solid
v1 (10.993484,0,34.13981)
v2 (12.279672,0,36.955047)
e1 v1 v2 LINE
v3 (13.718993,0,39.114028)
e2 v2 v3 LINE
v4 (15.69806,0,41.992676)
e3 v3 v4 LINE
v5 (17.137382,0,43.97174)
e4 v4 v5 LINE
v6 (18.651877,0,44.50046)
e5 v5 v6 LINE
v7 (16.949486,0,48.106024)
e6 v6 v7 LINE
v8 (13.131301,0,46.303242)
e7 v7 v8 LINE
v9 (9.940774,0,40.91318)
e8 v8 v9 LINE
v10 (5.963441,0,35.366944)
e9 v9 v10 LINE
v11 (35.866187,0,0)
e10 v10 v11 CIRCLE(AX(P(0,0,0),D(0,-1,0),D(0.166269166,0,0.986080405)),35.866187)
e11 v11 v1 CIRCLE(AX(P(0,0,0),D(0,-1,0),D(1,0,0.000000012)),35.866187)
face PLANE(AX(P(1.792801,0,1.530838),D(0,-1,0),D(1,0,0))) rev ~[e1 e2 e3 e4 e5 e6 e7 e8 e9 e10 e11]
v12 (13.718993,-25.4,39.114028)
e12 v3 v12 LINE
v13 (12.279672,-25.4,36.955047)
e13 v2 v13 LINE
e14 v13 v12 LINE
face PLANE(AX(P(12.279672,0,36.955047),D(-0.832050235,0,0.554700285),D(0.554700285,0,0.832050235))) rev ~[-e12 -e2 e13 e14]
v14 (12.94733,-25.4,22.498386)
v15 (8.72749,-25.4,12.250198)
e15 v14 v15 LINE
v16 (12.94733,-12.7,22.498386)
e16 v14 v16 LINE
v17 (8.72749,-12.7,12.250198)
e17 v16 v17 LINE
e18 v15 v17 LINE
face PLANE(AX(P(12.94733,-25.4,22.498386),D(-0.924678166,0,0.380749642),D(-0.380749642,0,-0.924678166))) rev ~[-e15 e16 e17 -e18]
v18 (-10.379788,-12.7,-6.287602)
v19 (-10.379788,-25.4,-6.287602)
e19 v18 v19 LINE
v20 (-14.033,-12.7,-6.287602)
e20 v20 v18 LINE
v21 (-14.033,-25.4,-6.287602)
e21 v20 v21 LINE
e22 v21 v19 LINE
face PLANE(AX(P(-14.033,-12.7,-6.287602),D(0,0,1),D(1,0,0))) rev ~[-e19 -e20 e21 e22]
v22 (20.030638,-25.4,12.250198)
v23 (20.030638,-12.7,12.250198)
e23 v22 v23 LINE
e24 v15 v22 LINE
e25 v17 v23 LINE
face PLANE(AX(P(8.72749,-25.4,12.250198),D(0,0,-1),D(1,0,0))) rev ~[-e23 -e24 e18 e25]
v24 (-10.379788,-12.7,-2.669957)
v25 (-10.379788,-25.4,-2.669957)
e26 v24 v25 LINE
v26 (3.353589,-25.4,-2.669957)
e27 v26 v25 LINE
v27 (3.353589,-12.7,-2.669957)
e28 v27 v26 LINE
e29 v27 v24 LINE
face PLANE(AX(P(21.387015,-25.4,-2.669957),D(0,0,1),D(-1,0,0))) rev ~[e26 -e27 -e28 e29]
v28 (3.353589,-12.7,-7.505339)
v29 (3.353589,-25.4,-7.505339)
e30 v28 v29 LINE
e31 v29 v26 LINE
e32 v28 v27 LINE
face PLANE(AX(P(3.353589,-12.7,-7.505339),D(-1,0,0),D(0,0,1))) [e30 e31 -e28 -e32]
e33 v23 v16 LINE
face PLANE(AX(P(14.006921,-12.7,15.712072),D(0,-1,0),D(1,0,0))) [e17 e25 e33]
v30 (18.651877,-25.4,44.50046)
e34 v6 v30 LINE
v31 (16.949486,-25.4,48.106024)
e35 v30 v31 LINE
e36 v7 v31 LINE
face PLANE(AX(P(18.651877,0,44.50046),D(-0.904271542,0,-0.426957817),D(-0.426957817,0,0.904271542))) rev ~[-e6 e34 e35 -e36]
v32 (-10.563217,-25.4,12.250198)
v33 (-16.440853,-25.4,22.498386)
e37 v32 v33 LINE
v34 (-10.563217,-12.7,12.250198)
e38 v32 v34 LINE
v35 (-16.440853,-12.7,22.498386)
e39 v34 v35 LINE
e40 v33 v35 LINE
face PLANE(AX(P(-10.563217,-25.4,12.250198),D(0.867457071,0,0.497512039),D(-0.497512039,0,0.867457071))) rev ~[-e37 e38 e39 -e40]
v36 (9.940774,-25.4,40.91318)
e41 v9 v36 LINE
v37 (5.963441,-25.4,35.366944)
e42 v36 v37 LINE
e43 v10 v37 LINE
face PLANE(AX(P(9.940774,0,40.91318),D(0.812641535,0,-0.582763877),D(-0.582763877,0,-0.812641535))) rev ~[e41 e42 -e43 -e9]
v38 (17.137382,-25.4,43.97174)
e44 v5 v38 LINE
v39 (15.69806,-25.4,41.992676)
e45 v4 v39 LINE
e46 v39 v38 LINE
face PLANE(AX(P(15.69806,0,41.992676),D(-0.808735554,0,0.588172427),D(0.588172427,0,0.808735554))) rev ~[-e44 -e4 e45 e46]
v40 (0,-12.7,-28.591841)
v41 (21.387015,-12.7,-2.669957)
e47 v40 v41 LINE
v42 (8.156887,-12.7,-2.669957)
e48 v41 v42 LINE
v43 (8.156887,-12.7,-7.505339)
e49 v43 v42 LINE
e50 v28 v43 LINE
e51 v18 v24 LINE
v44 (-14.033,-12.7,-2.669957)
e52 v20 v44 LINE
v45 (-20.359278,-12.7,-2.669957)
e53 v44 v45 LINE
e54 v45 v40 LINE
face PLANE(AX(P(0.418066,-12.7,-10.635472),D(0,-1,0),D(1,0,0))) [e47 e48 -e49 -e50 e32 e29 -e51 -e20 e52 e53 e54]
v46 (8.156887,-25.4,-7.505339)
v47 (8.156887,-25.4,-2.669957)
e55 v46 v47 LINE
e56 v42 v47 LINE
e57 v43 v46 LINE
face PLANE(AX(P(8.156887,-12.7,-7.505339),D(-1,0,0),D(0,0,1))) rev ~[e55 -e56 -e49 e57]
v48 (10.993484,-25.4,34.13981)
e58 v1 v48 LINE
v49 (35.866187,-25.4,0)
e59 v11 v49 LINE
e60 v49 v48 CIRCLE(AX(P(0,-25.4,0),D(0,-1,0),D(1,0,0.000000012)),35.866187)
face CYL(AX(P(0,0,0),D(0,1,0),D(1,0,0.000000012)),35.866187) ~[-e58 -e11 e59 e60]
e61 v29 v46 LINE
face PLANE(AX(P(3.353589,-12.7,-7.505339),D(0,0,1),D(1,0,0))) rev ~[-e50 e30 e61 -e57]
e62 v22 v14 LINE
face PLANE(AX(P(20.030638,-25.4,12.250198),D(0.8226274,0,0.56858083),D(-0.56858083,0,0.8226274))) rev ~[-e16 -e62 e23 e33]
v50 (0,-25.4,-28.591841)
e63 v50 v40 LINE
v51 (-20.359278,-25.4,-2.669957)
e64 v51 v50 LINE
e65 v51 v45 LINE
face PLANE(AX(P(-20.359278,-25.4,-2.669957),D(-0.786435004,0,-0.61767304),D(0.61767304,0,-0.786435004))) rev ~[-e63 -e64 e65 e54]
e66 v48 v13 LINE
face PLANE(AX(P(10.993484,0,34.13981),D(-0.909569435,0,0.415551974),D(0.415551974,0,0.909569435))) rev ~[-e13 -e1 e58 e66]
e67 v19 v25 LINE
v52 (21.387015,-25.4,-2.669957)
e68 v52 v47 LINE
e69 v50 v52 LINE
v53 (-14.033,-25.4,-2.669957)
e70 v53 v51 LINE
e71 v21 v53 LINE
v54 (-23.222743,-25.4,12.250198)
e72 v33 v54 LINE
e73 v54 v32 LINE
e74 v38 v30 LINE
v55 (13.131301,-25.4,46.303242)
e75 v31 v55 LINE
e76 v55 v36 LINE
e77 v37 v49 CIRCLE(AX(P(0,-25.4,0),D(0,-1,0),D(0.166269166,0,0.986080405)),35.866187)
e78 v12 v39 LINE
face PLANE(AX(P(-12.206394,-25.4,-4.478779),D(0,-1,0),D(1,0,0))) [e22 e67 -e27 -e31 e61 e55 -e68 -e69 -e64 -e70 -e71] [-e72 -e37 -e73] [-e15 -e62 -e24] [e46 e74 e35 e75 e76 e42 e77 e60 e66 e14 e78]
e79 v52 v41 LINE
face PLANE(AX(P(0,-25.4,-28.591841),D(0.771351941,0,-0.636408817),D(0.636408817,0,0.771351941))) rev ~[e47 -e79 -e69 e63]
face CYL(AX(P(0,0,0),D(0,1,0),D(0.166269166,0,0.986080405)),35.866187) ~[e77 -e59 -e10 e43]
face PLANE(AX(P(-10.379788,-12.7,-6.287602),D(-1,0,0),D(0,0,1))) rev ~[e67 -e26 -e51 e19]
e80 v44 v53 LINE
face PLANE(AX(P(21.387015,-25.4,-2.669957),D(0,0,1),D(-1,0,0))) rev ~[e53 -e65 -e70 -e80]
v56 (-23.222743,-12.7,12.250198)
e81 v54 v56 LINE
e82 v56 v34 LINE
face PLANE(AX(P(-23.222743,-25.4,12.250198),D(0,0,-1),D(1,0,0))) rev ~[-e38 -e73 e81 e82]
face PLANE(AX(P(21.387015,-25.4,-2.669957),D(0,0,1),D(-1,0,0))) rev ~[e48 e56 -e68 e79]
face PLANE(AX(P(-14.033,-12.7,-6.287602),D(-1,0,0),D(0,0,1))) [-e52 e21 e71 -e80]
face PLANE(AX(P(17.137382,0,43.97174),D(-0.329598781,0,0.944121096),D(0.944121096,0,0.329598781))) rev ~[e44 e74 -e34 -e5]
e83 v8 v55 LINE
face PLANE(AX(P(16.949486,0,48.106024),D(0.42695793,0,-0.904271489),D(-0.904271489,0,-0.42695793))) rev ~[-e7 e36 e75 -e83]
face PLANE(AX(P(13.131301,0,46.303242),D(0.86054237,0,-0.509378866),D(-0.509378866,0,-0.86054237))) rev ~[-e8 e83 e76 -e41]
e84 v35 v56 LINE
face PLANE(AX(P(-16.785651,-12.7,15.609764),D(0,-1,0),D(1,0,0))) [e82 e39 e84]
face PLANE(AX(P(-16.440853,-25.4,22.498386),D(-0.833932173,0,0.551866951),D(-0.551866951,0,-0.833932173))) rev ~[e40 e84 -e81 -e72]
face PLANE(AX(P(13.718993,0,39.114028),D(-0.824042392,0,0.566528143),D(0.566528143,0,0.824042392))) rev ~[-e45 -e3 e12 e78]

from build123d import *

# Parameters (mm, degrees)
F1_DEPTH = 25.4
F3_DEPTH = 12.7
F5_DEPTH = 12.7
F6_W     = 3.653213
F6_H     = 3.617645
F6_W_2   = 4.803298
F6_H_2   = 4.835383
F7_DEPTH = 12.7


with BuildPart() as f1:
    # F0 (on Front) → F1 (new body)
    with BuildSketch(Plane.XZ):
        with BuildLine():
            ThreePointArc((5.963441, 35.366944), (-27.388586, -23.157045), (35.866187, 0))
            ThreePointArc((35.866187, 0), (28.988599, 21.119765), (10.993484, 34.13981))
            ThreePointArc((10.993484, 34.13981), (8.500635, 34.844261), (5.963441, 35.366944))
        make_face()
        with BuildLine():
            ThreePointArc((5.963441, 35.366944), (8.500635, 34.844261), (10.993484, 34.13981))
            Line((10.993484, 34.13981), (12.279672, 36.955047))
            Line((12.279672, 36.955047), (13.718993, 39.114028))
            Line((13.718993, 39.114028), (15.69806, 41.992676))
            Line((15.69806, 41.992676), (17.137382, 43.97174))
            Line((17.137382, 43.97174), (18.651877, 44.50046))
            Line((18.651877, 44.50046), (16.949486, 48.106024))
            Line((16.949486, 48.106024), (13.131301, 46.303242))
            Line((13.131301, 46.303242), (9.940774, 40.91318))
            Line((9.940774, 40.91318), (5.963441, 35.366944))
        make_face()
    extrude(amount=F1_DEPTH)

    # F2 (on face) → F3 (cut)
    with BuildSketch(Plane.XZ.offset(25.4)):
        Polygon((-10.563217, 12.250198), (-16.440853, 22.498386), (-23.222743, 12.250198), align=None)
        Polygon((20.030638, 12.250198), (12.94733, 22.498386), (8.72749, 12.250198), align=None)
    extrude(amount=-F3_DEPTH, mode=Mode.SUBTRACT)

    # F4 (on face) → F5 (cut)
    with BuildSketch(Plane.XZ.offset(25.4)):
        Polygon((21.387015, -2.669957), (-20.359278, -2.669957), (0, -28.591841), align=None)
    extrude(amount=-F5_DEPTH, mode=Mode.SUBTRACT)

    # F6 (on face) → F7 (join)
    with BuildSketch(Plane.XZ.offset(12.7)):
        with Locations((-12.206394, -4.478779)):
            Rectangle(F6_W, F6_H)
        with Locations((5.755238, -5.087648)):
            Rectangle(F6_W_2, F6_H_2)
    extrude(amount=F7_DEPTH)


solid = f1.part
